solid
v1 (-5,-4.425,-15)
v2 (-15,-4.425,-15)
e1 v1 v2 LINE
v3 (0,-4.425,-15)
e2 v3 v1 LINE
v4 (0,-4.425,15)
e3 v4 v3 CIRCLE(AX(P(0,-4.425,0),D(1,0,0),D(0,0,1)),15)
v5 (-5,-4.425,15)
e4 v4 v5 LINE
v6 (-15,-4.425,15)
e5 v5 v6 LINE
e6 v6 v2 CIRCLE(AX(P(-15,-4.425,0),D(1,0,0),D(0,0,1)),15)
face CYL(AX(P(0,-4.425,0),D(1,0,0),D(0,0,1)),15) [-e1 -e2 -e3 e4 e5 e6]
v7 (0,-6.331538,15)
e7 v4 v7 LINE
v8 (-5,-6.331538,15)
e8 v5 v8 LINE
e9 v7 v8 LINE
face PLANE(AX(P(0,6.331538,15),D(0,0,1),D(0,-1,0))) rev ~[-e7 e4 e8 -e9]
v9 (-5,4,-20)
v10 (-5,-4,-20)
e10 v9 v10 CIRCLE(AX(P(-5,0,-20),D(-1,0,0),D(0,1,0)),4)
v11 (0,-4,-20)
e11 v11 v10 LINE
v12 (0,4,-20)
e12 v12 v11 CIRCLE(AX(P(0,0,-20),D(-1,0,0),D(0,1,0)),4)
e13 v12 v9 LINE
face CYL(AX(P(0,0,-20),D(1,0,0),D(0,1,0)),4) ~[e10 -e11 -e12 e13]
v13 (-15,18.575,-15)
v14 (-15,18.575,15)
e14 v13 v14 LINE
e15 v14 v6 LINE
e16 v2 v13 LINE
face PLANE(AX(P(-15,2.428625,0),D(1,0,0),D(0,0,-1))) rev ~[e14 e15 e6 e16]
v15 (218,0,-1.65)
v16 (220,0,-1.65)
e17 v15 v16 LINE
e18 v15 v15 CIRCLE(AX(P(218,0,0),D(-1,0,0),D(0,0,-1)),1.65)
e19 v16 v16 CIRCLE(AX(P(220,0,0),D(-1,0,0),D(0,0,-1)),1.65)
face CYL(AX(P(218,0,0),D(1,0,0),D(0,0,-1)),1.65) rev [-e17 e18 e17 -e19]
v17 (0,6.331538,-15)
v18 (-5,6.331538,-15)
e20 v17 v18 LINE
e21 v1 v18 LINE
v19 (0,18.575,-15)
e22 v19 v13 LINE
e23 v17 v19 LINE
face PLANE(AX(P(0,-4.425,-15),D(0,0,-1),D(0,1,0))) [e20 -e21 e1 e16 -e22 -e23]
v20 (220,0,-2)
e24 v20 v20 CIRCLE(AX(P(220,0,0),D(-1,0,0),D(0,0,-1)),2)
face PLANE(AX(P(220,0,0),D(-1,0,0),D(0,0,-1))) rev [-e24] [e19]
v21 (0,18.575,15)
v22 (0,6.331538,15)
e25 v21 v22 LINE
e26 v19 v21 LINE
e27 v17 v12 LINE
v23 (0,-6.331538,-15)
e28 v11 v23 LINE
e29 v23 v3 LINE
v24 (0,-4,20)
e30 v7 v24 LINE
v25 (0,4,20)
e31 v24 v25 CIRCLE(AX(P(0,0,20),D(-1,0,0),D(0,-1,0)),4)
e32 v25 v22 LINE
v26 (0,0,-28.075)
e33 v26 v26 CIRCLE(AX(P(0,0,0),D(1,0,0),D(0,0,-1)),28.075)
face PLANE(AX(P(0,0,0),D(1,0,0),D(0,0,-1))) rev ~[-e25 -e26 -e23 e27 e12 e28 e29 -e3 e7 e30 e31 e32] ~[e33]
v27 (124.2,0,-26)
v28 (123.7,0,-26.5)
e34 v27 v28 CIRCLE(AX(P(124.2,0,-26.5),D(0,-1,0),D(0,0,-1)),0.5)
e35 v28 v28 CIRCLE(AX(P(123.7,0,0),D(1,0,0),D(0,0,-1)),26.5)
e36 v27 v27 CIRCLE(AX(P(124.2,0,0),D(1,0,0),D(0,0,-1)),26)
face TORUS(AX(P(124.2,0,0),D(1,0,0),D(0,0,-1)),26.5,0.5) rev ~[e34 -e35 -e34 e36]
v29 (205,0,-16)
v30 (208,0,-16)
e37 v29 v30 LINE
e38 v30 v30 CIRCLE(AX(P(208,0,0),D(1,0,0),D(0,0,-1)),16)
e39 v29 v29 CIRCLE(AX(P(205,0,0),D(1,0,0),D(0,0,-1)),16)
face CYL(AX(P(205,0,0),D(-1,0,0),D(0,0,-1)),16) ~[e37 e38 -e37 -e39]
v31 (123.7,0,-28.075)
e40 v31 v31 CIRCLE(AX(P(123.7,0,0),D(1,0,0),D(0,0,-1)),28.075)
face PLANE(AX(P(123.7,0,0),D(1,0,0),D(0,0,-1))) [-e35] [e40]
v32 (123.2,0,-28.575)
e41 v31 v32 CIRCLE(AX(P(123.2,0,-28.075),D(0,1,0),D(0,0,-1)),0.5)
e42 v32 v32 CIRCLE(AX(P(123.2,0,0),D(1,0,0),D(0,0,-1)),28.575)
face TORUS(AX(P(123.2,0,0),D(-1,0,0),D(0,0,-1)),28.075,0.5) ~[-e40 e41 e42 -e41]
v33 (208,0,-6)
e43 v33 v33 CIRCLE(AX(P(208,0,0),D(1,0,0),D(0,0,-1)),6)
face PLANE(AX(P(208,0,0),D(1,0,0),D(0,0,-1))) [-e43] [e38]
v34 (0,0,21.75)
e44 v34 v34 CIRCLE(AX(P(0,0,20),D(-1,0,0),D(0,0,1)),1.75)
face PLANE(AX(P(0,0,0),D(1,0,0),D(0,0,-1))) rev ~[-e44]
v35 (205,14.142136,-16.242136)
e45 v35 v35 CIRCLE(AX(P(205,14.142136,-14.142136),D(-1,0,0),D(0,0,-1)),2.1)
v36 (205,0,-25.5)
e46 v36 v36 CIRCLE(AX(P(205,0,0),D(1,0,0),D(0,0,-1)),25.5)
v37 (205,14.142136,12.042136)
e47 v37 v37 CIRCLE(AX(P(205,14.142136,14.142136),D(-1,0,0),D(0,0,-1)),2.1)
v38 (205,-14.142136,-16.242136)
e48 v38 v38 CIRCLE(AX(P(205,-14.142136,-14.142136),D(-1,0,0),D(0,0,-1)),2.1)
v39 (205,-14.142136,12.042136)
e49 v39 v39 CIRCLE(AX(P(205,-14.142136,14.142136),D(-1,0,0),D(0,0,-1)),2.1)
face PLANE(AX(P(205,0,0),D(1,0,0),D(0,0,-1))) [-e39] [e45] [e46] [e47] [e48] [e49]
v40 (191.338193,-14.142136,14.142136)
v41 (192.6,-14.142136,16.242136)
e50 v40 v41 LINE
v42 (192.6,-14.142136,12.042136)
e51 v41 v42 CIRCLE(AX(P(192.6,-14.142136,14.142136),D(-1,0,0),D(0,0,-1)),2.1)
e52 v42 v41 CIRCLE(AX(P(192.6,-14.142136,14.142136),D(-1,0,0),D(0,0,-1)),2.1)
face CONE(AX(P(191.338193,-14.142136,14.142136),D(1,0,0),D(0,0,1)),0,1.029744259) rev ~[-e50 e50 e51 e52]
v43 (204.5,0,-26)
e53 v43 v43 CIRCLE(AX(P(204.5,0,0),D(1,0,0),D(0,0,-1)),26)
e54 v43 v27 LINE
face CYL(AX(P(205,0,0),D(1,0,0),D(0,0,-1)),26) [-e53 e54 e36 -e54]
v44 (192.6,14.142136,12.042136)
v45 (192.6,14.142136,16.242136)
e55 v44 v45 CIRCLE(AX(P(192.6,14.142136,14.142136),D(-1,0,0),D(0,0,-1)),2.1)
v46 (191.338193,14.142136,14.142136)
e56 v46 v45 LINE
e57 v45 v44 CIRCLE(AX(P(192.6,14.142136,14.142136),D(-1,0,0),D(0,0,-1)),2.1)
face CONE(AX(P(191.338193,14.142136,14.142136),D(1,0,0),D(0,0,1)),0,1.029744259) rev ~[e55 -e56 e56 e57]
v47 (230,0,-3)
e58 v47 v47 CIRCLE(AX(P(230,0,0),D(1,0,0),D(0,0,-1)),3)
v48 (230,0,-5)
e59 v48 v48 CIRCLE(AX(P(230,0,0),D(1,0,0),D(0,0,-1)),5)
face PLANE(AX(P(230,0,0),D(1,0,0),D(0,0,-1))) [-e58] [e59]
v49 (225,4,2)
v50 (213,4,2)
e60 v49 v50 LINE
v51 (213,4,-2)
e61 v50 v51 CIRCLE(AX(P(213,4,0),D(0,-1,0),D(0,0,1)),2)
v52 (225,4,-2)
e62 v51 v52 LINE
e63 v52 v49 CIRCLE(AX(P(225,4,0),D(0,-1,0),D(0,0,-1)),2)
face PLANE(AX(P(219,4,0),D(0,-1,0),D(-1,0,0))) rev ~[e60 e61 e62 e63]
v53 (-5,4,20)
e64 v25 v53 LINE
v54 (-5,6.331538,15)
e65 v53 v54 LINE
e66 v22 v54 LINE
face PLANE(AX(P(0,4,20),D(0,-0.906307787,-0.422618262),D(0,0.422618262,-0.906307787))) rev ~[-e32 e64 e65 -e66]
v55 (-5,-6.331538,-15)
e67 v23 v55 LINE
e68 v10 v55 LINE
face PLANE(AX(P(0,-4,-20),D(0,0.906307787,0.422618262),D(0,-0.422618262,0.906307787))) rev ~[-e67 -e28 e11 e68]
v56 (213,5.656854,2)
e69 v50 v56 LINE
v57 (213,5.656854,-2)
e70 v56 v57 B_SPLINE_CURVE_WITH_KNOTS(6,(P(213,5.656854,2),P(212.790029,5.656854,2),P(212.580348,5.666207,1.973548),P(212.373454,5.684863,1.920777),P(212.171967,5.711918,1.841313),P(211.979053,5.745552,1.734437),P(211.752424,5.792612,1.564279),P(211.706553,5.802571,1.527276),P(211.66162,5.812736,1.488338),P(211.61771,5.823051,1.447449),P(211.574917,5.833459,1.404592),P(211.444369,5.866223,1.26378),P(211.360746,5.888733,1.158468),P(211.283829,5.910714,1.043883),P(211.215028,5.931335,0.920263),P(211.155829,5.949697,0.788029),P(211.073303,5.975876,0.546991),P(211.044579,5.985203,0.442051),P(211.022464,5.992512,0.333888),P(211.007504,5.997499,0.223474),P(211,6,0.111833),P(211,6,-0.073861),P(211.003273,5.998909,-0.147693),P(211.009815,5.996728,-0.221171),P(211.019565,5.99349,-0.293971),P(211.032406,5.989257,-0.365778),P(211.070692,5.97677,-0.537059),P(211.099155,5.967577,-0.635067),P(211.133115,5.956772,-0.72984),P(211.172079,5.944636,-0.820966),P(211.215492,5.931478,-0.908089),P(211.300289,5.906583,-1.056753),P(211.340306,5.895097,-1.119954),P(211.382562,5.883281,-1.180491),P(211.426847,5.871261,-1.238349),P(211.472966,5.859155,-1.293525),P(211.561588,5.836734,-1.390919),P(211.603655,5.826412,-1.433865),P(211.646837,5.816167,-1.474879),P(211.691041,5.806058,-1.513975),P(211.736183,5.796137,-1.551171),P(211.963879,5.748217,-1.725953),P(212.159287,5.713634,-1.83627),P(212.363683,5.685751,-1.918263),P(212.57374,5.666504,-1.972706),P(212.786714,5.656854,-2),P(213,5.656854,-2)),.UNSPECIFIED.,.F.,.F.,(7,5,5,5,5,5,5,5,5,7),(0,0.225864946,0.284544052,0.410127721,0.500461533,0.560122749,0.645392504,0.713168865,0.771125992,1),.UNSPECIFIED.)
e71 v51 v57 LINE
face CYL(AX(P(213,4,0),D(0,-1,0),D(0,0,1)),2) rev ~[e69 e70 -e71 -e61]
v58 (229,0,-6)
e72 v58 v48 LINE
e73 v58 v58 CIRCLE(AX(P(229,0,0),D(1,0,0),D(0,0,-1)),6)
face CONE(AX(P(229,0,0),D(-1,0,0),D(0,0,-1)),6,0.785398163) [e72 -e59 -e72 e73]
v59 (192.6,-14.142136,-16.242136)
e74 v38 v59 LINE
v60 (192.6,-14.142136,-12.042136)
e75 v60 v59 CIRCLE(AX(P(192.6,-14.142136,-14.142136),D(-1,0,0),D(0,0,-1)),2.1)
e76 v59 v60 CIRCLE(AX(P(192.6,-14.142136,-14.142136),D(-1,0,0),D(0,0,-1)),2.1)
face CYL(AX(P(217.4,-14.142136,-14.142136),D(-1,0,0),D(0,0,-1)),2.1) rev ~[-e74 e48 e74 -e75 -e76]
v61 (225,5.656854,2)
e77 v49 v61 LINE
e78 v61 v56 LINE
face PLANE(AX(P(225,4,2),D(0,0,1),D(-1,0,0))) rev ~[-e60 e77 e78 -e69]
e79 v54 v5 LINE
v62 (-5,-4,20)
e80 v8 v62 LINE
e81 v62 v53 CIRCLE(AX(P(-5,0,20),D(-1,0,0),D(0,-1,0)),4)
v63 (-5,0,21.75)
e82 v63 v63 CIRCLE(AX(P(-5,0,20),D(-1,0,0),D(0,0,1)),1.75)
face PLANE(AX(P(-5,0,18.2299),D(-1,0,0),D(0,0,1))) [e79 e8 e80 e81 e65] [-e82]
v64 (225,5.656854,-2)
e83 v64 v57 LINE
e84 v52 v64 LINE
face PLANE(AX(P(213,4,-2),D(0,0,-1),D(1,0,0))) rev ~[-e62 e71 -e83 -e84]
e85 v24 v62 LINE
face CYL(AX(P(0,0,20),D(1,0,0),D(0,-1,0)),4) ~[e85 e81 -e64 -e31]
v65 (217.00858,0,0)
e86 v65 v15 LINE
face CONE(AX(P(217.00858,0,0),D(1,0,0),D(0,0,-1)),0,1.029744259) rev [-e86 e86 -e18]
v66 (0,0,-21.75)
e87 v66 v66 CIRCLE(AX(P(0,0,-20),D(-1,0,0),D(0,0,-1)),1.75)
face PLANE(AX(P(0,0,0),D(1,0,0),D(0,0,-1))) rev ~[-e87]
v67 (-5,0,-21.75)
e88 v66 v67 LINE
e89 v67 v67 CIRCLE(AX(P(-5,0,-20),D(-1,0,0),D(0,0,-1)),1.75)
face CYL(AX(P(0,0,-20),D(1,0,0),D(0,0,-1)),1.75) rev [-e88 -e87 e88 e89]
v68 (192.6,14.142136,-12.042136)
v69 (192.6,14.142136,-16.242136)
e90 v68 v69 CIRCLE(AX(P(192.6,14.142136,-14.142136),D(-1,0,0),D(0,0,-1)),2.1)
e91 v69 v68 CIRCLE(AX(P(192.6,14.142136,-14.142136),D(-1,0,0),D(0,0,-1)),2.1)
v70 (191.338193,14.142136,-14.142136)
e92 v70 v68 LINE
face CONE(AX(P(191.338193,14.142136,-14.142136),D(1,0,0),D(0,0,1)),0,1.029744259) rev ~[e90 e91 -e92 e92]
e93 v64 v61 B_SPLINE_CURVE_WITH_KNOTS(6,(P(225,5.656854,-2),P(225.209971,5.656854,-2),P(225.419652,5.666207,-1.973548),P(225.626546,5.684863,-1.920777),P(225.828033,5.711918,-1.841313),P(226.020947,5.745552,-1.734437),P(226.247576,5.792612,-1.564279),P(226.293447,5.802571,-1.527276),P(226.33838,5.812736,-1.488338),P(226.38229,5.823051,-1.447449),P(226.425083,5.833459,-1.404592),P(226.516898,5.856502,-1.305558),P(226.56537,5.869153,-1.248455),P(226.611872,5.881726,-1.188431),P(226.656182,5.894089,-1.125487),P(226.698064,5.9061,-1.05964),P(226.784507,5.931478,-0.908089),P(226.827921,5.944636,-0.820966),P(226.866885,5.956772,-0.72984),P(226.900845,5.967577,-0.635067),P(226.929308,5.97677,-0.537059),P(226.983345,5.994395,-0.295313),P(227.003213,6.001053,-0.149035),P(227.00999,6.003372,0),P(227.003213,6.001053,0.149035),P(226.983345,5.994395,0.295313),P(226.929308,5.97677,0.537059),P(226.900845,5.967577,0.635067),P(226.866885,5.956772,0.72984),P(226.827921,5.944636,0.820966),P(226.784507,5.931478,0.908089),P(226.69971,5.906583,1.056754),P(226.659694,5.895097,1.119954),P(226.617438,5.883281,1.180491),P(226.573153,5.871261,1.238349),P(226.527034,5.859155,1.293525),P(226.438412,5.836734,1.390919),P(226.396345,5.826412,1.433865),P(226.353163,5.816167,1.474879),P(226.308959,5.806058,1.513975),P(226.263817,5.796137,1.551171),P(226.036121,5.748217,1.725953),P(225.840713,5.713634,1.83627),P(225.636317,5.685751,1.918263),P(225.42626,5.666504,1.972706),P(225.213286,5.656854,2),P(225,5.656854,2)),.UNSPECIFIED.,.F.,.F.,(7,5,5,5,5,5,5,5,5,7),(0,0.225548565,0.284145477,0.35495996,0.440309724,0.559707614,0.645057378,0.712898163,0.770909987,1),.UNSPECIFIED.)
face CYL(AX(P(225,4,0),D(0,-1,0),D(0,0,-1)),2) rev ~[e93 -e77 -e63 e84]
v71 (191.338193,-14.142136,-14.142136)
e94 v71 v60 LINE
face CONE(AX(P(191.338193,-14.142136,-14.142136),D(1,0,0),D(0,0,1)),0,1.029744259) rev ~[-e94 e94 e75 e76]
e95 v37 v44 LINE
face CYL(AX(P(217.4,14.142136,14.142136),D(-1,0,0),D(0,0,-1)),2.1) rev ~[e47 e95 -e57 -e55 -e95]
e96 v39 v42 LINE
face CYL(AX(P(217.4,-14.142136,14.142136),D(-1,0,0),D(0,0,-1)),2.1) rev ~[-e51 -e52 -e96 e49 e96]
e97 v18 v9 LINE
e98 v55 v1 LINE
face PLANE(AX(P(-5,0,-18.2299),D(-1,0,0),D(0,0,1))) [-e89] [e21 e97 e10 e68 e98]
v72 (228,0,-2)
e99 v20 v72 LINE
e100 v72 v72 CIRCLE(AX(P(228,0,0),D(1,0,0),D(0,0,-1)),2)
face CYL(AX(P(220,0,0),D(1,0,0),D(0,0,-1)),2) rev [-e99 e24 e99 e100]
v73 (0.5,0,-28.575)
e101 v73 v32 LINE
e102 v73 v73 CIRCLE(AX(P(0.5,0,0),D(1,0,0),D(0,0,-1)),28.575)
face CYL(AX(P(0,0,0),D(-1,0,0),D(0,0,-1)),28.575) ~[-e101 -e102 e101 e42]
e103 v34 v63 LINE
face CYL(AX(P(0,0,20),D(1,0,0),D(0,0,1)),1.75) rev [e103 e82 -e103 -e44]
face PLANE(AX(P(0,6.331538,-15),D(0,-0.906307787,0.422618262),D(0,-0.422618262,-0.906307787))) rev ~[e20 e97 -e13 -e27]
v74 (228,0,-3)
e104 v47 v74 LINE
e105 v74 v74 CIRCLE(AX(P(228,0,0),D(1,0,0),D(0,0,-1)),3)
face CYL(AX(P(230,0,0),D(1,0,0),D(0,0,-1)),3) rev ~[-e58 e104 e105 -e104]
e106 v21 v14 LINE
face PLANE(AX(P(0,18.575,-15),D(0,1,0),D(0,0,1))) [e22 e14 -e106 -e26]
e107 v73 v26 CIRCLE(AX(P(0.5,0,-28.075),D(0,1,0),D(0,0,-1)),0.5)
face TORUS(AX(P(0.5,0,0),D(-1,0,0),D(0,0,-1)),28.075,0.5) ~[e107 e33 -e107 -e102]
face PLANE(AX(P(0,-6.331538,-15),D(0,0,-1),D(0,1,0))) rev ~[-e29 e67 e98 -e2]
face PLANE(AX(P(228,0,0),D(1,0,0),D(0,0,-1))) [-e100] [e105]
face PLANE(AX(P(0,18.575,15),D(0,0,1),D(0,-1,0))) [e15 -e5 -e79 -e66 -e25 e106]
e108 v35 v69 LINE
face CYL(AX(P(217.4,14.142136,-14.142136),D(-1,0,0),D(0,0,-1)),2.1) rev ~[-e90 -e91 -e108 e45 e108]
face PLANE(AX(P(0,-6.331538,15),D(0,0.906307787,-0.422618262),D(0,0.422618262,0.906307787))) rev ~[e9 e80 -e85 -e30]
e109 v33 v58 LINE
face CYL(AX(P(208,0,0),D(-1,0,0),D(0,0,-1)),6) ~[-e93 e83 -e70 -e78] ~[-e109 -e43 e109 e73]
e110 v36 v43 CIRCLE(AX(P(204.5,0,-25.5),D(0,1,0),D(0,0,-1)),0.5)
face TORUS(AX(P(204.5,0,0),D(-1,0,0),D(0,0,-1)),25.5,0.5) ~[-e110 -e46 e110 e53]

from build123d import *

# Parameters (mm, degrees)
SKETCH1_R             = 28.575
BOSS_EXTRUDE1_DEPTH   = 123.7
SKETCH2_R             = 26
BOSS_EXTRUDE2_DEPTH   = 81.3
SKETCH3_R             = 16
BOSS_EXTRUDE3_DEPTH   = 3
SKETCH4_R             = 6
BOSS_EXTRUDE4_DEPTH   = 22
CHAMFER1_SIZE         = 1
SKETCH6_R             = 3
CUT_EXTRUDE1_DEPTH    = 2
FILLET1_R             = 0.5
M5_TAPPED_HOLE1_D     = 4.2
M5_TAPPED_HOLE1_DEPTH = 12.4
M5_TAPPED_HOLE1_TIP   = 1.2618073
BOSS_EXTRUDE6_DEPTH   = 15
SKETCH14_R            = 1.75
BOSS_EXTRUDE7_DEPTH   = 5
CUT_EXTRUDE3_DEPTH    = 10


with BuildPart() as part:
    # Sketch1 → Boss-Extrude1 (new body)
    with BuildSketch(Plane(origin=(0, 0, 0), x_dir=(0, 0, -1), z_dir=(1, 0, 0))):
        Circle(SKETCH1_R)
    extrude(amount=BOSS_EXTRUDE1_DEPTH)

    # Sketch2 → Boss-Extrude2 (add)
    with BuildSketch(Plane(origin=(205, 0, 0), x_dir=(0, 0, -1), z_dir=(1, 0, 0))):
        Circle(SKETCH2_R)
    extrude(amount=-BOSS_EXTRUDE2_DEPTH)

    # Sketch3 → Boss-Extrude3 (add)
    with BuildSketch(Plane(origin=(205, 0, 0), x_dir=(0, 0, -1), z_dir=(1, 0, 0))):
        Circle(SKETCH3_R)
    extrude(amount=BOSS_EXTRUDE3_DEPTH)

    # Sketch4 → Boss-Extrude4 (add)
    with BuildSketch(Plane(origin=(208, 0, 0), x_dir=(0, 0, -1), z_dir=(1, 0, 0))):
        Circle(SKETCH4_R)
    extrude(amount=BOSS_EXTRUDE4_DEPTH)

    # Chamfer1
    chamfer1_edges = [part.edges().sort_by_distance(p)[0] for p in [
        (230, 0, 6),
    ]]
    chamfer(chamfer1_edges, length=CHAMFER1_SIZE)

    # Sketch6 → Cut-Extrude1 (cut)
    with BuildSketch(Plane(origin=(230, 0, 0), x_dir=(0, 0, -1), z_dir=(1, 0, 0))):
        Circle(SKETCH6_R)
    extrude(amount=-CUT_EXTRUDE1_DEPTH, mode=Mode.SUBTRACT)

    # Fillet1
    fillet1_edges = [part.edges().sort_by_distance(p)[0] for p in [
        (0, 0, 28.575),
        (123.7, 0, 28.575),
        (123.7, 0, 26),
        (205, 0, 26),
    ]]
    fillet(fillet1_edges, radius=FILLET1_R)

    # Sketch8 → M4 Tapped Hole1 (revolve, cut)
    with BuildSketch(Plane(origin=(230, 0, 0), x_dir=(0, 0, -1), z_dir=(0, 1, 0))):
        Polygon((0, 0), (0, 12.991420021), (1.65, 12), (1.65, 10), (2, 10), (2, 0), align=None)
    revolve(axis=Axis((236.35, 0, 0), (-1, 0, 0)), mode=Mode.SUBTRACT)

    # M5 Tapped Hole1
    with Locations(Plane(origin=(205, 14.142135624, -14.142135624), x_dir=(0, 0, 1), z_dir=(1, 0, 0))):
        with Locations((0, 0), (28.284271248, 0), (0, 28.284271248), (28.284271248, 28.284271248)):
            Hole(M5_TAPPED_HOLE1_D / 2, depth=M5_TAPPED_HOLE1_DEPTH)
            with Locations((0, 0, -(M5_TAPPED_HOLE1_DEPTH + M5_TAPPED_HOLE1_TIP / 2))):  # 118° drill point
                Cone(0, M5_TAPPED_HOLE1_D / 2, M5_TAPPED_HOLE1_TIP, mode=Mode.SUBTRACT)

    # Sketch13 → Boss-Extrude6 (add)
    with BuildSketch(Plane.ZY):
        with BuildLine():
            Line((-15, 18.575), (15, 18.575))
            Line((15, 18.575), (15, -4.425))
            ThreePointArc((15, -4.425), (0, -19.425), (-15, -4.425))
            Line((-15, -4.425), (-15, 18.575))
        make_face()
    extrude(amount=BOSS_EXTRUDE6_DEPTH)

    # Sketch14 → Boss-Extrude7 (add)
    # profile 1 of 2: a face of its own
    with BuildSketch(Plane.ZY):
        with BuildLine():
            Line((20, 4), (15, 6.331538291))
            Line((15, 6.331538291), (15, -6.331538291))
            Line((15, -6.331538291), (20, -4))
            ThreePointArc((20, -4), (24, 0), (20, 4))
        make_face()
        with Locations((20, 0)):
            Circle(SKETCH14_R, mode=Mode.SUBTRACT)
    # profile 2 of 2: a face of its own
    with BuildSketch(Plane.ZY):
        with BuildLine():
            Line((-20, -4), (-15, -6.331538291))
            Line((-15, -6.331538291), (-15, 6.331538291))
            Line((-15, 6.331538291), (-20, 4))
            ThreePointArc((-20, 4), (-24, 0), (-20, -4))
        make_face()
        with Locations(Location((-20, 0, 0), (0, 0, 180))):
            Circle(SKETCH14_R, mode=Mode.SUBTRACT)
    extrude(amount=BOSS_EXTRUDE7_DEPTH)

    # Sketch15 → Cut-Extrude3 (cut)
    with BuildSketch(Plane(origin=(0, 4, 0), x_dir=(1, 0, 0), z_dir=(0, 1, 0))):
        with BuildLine():
            Line((225, -2), (213, -2))
            ThreePointArc((213, -2), (211, 0), (213, 2))
            Line((213, 2), (225, 2))
            ThreePointArc((225, 2), (227, 0), (225, -2))
        make_face()
    extrude(amount=CUT_EXTRUDE3_DEPTH, mode=Mode.SUBTRACT)


solid = part.part
